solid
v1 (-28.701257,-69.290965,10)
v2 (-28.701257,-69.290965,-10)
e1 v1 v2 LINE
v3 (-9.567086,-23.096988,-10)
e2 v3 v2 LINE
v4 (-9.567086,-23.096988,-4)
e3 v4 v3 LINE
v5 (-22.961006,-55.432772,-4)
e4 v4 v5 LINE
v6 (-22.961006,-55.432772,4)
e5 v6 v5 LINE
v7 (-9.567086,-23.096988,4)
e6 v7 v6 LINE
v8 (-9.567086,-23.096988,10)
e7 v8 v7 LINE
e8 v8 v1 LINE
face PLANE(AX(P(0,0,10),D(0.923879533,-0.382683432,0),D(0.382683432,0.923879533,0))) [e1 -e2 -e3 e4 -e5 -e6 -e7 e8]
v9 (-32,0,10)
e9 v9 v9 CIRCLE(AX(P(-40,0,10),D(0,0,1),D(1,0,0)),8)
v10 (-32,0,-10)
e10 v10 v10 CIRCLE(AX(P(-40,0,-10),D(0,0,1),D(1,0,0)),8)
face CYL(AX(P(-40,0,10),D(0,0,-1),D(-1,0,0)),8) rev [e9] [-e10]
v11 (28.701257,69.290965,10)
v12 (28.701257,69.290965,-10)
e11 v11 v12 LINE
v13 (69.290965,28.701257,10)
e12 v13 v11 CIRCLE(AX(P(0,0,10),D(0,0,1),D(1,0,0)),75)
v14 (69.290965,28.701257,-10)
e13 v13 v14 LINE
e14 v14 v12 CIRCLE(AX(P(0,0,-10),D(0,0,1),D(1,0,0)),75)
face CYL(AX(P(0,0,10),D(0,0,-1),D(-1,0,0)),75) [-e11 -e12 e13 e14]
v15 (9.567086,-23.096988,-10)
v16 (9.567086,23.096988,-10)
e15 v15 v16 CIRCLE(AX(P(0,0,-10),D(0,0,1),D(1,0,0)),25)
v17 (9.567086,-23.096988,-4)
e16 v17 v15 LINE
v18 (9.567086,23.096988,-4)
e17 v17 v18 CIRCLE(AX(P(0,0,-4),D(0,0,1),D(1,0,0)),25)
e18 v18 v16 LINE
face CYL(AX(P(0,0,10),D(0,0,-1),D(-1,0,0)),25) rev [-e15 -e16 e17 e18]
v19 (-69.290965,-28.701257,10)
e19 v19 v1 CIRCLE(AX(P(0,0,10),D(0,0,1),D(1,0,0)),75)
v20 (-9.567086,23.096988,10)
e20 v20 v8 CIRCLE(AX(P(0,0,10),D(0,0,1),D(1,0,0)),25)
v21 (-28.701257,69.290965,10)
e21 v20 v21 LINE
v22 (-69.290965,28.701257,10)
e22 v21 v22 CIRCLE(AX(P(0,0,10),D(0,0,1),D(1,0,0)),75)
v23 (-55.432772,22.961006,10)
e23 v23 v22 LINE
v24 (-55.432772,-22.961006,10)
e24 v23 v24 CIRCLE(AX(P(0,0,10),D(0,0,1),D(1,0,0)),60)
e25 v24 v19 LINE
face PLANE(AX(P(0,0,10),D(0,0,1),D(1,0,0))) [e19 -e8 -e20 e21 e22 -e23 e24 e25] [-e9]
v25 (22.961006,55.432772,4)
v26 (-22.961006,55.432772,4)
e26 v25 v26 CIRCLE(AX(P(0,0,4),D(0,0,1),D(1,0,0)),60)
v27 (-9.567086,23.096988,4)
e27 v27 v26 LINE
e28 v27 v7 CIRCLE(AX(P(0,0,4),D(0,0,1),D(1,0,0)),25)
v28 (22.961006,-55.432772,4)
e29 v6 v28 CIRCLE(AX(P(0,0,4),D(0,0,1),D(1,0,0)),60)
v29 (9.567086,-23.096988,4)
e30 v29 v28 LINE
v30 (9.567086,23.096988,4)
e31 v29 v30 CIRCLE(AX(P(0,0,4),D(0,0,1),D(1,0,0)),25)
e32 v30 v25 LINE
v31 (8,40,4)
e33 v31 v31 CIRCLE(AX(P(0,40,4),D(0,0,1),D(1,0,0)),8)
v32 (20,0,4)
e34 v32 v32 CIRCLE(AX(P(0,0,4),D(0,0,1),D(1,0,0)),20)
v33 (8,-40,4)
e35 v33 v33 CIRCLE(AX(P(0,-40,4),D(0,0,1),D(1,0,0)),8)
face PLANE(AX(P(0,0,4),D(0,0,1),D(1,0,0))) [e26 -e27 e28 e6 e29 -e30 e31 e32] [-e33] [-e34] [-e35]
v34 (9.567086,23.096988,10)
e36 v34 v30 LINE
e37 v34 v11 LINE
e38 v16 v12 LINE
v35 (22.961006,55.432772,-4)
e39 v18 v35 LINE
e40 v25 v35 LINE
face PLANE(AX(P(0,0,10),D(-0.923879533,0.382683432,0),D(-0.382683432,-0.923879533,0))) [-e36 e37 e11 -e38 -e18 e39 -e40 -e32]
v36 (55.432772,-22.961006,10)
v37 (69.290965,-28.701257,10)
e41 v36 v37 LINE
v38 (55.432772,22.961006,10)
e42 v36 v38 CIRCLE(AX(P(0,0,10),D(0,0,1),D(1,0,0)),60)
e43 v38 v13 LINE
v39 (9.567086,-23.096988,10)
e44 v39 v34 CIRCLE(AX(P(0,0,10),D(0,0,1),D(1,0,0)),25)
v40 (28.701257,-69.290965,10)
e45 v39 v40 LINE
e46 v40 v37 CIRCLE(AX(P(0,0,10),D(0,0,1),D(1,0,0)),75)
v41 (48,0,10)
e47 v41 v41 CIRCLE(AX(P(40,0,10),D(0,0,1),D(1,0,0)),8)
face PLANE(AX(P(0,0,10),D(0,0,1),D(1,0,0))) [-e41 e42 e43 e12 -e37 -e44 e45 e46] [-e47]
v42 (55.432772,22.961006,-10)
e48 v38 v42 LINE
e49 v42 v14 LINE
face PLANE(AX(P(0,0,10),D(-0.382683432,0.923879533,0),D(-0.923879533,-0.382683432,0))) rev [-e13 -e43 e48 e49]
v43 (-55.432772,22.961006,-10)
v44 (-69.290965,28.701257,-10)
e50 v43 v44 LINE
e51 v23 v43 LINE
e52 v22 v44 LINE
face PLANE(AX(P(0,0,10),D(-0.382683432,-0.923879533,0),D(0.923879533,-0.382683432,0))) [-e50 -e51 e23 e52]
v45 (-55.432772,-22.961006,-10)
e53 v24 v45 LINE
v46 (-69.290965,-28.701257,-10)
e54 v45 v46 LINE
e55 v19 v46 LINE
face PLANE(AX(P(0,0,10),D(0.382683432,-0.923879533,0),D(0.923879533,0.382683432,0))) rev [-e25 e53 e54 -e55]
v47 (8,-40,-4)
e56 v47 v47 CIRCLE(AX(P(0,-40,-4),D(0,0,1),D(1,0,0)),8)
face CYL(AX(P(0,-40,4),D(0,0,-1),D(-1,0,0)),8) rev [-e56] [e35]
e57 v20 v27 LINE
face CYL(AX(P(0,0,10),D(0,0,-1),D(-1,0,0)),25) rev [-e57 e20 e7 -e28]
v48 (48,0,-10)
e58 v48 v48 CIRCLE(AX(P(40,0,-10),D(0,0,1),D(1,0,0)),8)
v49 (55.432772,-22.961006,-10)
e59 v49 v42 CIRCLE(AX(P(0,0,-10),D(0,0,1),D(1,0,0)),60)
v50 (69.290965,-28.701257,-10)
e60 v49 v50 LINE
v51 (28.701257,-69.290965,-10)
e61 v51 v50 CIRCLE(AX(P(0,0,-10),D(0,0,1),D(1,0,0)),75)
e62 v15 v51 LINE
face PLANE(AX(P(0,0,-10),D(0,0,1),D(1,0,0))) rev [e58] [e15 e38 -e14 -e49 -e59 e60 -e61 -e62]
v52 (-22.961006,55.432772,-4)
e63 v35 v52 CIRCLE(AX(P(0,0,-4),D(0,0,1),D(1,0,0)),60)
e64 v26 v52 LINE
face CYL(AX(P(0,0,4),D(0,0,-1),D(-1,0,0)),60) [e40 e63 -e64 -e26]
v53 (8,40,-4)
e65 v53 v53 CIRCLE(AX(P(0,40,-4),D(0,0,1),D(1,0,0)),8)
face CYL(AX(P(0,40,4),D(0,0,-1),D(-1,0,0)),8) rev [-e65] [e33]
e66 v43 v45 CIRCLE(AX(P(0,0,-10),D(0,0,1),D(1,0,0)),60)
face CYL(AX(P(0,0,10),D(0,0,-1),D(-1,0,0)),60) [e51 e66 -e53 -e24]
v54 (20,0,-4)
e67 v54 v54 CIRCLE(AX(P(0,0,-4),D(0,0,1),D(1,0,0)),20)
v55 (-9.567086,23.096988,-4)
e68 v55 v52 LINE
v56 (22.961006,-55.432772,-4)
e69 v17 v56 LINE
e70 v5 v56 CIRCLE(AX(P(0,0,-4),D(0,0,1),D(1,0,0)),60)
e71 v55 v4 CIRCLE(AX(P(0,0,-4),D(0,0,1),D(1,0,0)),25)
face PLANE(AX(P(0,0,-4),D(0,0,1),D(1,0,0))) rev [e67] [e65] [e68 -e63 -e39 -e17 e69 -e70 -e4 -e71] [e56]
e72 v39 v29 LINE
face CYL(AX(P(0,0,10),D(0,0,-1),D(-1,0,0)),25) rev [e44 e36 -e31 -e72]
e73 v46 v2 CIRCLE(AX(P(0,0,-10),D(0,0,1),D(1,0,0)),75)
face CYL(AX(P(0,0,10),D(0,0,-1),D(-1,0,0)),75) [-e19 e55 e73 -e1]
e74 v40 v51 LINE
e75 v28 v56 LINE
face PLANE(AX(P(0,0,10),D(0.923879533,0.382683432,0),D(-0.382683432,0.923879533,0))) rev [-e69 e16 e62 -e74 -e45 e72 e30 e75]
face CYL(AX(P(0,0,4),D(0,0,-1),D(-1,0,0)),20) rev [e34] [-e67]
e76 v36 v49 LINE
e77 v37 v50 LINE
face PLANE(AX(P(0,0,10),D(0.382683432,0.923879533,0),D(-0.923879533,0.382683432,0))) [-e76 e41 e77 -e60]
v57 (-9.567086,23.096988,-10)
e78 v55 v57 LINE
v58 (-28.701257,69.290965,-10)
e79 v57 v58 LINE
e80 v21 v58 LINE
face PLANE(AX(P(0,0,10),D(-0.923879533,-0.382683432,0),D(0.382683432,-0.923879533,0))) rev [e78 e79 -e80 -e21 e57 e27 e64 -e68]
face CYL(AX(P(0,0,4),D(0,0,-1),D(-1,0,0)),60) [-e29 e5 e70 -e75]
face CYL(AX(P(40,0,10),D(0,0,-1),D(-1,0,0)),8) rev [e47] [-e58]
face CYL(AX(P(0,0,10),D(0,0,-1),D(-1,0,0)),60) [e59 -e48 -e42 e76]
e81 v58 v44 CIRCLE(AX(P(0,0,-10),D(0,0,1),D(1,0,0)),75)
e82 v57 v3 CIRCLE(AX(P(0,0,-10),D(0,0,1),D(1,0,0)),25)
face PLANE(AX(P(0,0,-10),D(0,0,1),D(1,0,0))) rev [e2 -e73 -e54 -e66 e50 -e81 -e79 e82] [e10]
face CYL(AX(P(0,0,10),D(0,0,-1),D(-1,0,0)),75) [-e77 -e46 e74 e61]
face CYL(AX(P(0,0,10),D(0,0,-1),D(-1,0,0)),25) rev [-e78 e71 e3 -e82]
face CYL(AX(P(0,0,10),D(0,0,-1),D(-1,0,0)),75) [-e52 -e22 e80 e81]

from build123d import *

# Parameters (mm, degrees)
SKETCH1_R             = 8
BOSS_EXTRUDE1_DEPTH   = 10
BOSS_EXTRUDE1_2_DEPTH = 10
SKETCH1_3_R           = 20
SKETCH1_3_R_2         = 8
BOSS_EXTRUDE2_DEPTH   = 4


with BuildPart() as part:
    # Sketch1 → Boss-Extrude1 (new, symmetric)
    with BuildSketch(Plane.XY):
        with BuildLine():
            ThreePointArc((9.567085809, 23.096988313), (25, 0), (9.567085809, -23.096988313))
            Line((9.567085809, -23.096988313), (28.701257427, -69.290964938))
            ThreePointArc((28.701257427, -69.290964938), (53.033008589, -53.033008589), (69.290964938, -28.701257427))
            Line((69.290964938, -28.701257427), (55.432771951, -22.961005942))
            ThreePointArc((55.432771951, -22.961005942), (60, 0), (55.432771951, 22.961005942))
            Line((55.432771951, 22.961005942), (69.290964938, 28.701257427))
            ThreePointArc((69.290964938, 28.701257427), (53.033008589, 53.033008589), (28.701257427, 69.290964938))
            Line((28.701257427, 69.290964938), (9.567085809, 23.096988313))
        make_face()
        with Locations((40, 0)):
            Circle(SKETCH1_R, mode=Mode.SUBTRACT)
    extrude(amount=BOSS_EXTRUDE1_DEPTH, both=True)



with BuildPart() as body_2:
    # Sketch1 → Boss-Extrude1 2 (new, symmetric)
    with BuildSketch(Plane.XY):
        with BuildLine():
            Line((-9.567085809, 23.096988313), (-28.701257427, 69.290964938))
            ThreePointArc((-28.701257427, 69.290964938), (-53.033008589, 53.033008589), (-69.290964938, 28.701257427))
            Line((-69.290964938, 28.701257427), (-55.432771951, 22.961005942))
            ThreePointArc((-55.432771951, 22.961005942), (-60, 0), (-55.432771951, -22.961005942))
            Line((-55.432771951, -22.961005942), (-69.290964938, -28.701257427))
            ThreePointArc((-69.290964938, -28.701257427), (-53.033008589, -53.033008589), (-28.701257427, -69.290964938))
            Line((-28.701257427, -69.290964938), (-9.567085809, -23.096988313))
            ThreePointArc((-9.567085809, -23.096988313), (-25, 0), (-9.567085809, 23.096988313))
        make_face()
        with Locations((-40, 0)):
            Circle(SKETCH1_R, mode=Mode.SUBTRACT)
    extrude(amount=BOSS_EXTRUDE1_2_DEPTH, both=True)


with BuildPart() as part_1:
    add(part.part)

    add(body_2.part)  # Boss-Extrude2 merges body 2
    # Sketch1<3> → Boss-Extrude2 (add, symmetric)
    with BuildSketch(Plane.XY):
        with BuildLine():
            ThreePointArc((-9.567085809, 23.096988313), (-25, 0), (-9.567085809, -23.096988313))
            Line((-9.567085809, -23.096988313), (-22.961005942, -55.432771951))
            ThreePointArc((-22.961005942, -55.432771951), (0, -60), (22.961005942, -55.432771951))
            Line((22.961005942, -55.432771951), (9.567085809, -23.096988313))
            ThreePointArc((9.567085809, -23.096988313), (25, 0), (9.567085809, 23.096988313))
            Line((9.567085809, 23.096988313), (22.961005942, 55.432771951))
            ThreePointArc((22.961005942, 55.432771951), (0, 60), (-22.961005942, 55.432771951))
            Line((-22.961005942, 55.432771951), (-9.567085809, 23.096988313))
        make_face()
        Circle(SKETCH1_3_R, mode=Mode.SUBTRACT)
        with Locations((0, 40)):
            Circle(SKETCH1_3_R_2, mode=Mode.SUBTRACT)
        with Locations((0, -40)):
            Circle(SKETCH1_3_R_2, mode=Mode.SUBTRACT)
    extrude(amount=BOSS_EXTRUDE2_DEPTH, both=True)


solid = part_1.part
